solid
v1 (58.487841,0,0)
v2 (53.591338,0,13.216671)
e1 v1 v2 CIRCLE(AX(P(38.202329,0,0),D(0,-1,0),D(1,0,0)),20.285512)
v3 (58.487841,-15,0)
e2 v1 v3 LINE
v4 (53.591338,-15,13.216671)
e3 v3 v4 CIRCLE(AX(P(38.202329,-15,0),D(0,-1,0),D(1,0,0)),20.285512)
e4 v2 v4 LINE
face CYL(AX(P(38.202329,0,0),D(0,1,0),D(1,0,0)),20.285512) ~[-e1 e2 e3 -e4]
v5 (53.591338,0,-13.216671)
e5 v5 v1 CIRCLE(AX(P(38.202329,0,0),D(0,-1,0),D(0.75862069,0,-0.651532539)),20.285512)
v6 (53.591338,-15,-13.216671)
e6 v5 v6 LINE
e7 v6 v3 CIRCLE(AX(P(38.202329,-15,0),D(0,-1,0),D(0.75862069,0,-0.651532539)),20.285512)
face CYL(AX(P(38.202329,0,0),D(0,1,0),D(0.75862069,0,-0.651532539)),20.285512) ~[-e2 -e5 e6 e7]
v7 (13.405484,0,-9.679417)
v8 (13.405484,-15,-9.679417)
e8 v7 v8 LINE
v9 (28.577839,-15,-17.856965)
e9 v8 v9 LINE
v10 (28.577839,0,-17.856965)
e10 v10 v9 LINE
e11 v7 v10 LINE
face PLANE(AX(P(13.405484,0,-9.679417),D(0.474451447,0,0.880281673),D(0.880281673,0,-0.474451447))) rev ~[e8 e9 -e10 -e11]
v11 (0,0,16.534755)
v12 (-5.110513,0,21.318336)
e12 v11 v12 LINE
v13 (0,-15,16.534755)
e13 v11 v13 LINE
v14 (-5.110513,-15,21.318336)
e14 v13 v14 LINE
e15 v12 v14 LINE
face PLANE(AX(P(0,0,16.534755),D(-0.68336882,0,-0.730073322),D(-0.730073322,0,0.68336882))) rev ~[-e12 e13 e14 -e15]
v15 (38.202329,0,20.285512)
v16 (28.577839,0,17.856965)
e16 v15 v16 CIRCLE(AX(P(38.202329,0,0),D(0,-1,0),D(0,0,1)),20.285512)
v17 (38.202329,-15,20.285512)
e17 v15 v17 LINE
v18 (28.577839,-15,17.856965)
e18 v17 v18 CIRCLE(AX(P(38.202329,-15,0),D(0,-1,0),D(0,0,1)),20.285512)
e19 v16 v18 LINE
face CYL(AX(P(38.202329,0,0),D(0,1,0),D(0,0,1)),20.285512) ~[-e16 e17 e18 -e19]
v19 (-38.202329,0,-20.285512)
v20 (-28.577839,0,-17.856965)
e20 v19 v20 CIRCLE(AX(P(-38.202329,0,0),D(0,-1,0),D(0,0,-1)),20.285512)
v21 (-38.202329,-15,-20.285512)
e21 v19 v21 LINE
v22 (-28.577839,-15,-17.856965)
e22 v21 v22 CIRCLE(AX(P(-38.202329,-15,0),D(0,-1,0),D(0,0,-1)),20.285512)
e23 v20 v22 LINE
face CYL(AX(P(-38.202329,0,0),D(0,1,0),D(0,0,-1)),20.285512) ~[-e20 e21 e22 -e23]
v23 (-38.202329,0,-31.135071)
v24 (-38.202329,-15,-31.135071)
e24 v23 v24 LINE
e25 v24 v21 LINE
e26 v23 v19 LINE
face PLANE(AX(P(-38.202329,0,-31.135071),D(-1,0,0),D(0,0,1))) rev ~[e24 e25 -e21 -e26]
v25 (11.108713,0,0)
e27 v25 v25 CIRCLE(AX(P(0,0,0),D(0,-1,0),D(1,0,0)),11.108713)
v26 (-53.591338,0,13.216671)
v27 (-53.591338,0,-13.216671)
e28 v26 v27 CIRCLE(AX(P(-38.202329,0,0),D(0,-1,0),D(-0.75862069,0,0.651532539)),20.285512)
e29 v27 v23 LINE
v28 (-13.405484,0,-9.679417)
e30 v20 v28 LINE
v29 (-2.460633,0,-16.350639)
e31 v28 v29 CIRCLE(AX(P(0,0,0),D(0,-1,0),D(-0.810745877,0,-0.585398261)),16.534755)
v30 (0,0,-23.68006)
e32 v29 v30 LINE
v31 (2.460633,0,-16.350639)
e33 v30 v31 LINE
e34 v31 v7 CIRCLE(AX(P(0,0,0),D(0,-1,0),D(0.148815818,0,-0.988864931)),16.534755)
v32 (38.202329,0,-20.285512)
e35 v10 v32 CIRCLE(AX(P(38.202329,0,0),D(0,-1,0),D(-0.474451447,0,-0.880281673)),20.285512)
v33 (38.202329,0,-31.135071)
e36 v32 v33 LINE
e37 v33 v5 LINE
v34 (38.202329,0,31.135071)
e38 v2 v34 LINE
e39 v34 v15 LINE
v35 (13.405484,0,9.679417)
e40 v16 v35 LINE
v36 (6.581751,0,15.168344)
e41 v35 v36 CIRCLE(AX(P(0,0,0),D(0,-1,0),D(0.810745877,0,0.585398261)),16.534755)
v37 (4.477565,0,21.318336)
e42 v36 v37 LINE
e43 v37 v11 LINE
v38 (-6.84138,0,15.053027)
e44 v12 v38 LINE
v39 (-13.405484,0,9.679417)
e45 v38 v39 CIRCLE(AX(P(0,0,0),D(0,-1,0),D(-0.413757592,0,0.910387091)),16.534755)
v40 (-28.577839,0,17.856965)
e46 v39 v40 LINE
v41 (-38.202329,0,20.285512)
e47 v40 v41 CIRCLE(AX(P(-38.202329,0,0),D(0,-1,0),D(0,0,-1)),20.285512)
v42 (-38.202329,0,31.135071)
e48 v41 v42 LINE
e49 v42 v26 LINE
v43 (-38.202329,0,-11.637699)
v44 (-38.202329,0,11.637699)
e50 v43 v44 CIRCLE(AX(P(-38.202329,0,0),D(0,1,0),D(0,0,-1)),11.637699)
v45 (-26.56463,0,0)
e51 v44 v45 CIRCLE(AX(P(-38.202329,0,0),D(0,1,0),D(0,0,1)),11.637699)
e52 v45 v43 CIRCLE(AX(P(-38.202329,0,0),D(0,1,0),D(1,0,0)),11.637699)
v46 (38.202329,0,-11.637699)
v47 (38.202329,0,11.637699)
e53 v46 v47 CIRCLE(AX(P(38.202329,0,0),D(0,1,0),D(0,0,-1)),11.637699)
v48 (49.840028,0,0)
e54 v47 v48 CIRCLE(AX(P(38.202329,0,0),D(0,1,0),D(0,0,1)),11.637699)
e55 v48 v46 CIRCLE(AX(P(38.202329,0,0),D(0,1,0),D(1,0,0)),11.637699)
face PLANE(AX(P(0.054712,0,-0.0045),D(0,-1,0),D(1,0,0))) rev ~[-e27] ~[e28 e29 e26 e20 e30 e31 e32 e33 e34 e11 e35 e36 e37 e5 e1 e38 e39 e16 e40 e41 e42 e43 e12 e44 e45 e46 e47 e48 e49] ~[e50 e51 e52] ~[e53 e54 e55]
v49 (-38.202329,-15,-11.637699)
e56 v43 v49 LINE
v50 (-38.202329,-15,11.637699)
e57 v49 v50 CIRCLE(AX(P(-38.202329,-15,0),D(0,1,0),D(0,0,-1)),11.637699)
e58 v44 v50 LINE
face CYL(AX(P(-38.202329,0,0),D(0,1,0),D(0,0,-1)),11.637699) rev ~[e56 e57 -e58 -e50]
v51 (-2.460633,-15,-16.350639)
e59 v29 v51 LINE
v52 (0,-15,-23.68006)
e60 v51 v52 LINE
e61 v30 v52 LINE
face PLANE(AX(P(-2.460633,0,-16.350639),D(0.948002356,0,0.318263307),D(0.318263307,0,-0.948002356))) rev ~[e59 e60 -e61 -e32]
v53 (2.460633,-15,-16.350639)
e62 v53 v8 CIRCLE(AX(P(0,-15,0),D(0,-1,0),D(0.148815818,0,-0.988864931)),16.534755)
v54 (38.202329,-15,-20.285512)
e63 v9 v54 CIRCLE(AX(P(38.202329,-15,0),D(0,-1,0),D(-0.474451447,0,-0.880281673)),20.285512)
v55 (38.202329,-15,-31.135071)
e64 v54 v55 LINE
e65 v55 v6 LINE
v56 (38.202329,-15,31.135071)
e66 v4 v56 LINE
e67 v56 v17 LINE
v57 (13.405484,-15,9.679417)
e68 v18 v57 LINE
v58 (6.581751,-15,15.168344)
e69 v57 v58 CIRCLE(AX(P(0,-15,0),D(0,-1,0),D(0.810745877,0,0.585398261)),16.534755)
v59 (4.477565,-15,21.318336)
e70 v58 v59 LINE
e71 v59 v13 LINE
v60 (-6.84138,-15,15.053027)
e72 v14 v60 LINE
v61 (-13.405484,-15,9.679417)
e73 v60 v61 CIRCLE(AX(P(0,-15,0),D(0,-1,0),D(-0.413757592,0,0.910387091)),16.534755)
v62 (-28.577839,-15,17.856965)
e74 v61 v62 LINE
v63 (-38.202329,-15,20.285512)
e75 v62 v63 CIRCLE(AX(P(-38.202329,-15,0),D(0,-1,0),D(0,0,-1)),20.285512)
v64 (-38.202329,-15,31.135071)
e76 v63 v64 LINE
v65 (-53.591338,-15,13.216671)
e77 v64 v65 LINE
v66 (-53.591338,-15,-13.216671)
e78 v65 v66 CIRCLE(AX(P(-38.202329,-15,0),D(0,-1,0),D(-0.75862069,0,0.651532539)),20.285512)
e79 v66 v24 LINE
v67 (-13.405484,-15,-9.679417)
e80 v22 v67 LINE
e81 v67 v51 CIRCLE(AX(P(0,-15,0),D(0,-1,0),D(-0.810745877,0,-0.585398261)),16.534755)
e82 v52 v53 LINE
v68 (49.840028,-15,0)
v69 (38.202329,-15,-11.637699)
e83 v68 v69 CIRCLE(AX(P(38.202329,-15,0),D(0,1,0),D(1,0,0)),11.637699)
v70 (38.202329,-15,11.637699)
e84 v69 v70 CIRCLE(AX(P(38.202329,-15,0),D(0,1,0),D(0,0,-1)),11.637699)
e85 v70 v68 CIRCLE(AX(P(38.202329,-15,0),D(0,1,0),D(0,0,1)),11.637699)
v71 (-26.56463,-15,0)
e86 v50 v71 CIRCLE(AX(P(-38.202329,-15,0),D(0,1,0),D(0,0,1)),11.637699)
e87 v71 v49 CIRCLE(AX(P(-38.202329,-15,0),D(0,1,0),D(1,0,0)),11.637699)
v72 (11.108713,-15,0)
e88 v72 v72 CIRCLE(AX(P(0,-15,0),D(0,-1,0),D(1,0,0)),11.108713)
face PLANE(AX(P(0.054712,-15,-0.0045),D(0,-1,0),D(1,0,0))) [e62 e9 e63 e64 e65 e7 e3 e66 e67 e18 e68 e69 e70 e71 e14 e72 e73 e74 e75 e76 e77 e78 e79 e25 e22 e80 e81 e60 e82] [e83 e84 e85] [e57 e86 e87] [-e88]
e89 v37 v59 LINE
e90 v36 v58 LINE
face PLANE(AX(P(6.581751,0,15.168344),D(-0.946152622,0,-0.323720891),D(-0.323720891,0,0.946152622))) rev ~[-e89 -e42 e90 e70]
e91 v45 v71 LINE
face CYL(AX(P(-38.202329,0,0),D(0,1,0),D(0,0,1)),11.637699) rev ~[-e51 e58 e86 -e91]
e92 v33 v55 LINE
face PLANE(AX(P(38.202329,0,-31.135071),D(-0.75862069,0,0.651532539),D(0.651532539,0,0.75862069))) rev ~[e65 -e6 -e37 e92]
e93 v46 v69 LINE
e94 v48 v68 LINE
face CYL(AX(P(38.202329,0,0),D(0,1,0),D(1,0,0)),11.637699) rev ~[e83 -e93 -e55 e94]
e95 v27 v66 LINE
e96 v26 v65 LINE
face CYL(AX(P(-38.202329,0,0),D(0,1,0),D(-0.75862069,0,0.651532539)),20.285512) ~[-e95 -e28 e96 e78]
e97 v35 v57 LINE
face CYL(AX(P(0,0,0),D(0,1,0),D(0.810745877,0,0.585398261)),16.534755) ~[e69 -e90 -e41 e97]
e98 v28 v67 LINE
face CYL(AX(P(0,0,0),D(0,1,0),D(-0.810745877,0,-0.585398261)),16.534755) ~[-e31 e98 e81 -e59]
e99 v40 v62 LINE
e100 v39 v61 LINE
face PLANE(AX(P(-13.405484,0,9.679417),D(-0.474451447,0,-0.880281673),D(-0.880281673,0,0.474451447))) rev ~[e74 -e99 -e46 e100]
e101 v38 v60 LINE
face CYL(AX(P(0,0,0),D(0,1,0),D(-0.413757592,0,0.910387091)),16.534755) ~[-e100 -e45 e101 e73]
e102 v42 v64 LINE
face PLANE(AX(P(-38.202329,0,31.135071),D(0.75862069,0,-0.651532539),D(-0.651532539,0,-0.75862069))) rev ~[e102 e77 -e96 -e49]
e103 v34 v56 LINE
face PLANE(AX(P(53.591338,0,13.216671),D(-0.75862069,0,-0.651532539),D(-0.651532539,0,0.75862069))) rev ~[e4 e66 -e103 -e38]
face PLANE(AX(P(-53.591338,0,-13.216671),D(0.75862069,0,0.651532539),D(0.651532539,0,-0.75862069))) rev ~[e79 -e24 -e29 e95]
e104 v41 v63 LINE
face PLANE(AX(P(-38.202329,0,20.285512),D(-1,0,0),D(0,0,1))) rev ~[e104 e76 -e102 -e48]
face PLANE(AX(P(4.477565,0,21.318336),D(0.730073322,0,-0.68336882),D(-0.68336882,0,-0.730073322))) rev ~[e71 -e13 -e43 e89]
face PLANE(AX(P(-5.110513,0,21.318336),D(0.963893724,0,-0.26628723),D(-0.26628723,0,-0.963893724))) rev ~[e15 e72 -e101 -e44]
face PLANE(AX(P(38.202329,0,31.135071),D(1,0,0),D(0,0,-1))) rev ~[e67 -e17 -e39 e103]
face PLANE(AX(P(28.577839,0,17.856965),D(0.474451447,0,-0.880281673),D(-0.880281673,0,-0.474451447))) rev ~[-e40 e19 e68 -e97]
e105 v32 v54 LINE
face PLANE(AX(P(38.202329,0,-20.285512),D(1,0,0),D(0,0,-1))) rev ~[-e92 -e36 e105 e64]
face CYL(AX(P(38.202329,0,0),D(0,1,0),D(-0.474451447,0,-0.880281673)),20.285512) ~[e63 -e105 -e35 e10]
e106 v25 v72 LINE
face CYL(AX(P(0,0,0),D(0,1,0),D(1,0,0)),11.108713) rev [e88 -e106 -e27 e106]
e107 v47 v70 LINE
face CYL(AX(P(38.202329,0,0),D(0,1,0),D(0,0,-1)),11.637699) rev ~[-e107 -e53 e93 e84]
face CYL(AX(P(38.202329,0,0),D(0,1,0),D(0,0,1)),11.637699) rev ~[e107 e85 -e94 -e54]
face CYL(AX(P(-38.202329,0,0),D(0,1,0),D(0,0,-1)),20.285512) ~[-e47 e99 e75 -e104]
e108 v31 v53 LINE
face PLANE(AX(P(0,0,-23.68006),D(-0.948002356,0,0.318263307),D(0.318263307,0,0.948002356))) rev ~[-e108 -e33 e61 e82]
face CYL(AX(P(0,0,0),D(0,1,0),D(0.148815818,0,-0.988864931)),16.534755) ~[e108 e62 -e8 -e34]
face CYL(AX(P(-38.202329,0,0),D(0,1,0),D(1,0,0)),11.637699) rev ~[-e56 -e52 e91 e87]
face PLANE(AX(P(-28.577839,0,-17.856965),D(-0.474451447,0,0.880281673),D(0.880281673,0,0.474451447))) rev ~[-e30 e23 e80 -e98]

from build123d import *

# Parameters (mm, degrees)
F0_R     = 11.1087126895
F1_DEPTH = 15


with BuildPart() as f1:
    # F0 (on Front) → F1 (new body)
    with BuildSketch(Plane.XZ):
        with BuildLine():
            ThreePointArc((13.4054841173, -9.6794165893), (15.7329987638, -5.0863405143), (16.5347546074, 0))
            ThreePointArc((16.5347546074, 0), (15.7329987638, 5.0863405143), (13.4054841173, 9.6794165893))
            ThreePointArc((13.4054841173, 9.6794165893), (10.3636127764, 12.8838519143), (6.5817506, 15.1683443054))
            ThreePointArc((6.5817506, 15.1683443054), (3.3610458965, 16.1895484931), (0, 16.5347546074))
            Line((0, 16.5347546074), (-6.84138025, 15.0530271442))
            ThreePointArc((-6.84138025, 15.0530271442), (-10.4739105293, 12.7943467263), (-13.4054841173, 9.6794165893))
            ThreePointArc((-13.4054841173, 9.6794165893), (-16.5347546074, 0), (-13.4054841173, -9.6794165893))
            ThreePointArc((-13.4054841173, -9.6794165893), (-8.6057957477, -14.1187247823), (-2.46063304, -16.3506389774))
            ThreePointArc((-2.46063304, -16.3506389774), (-1.2337558027, -16.4886614541), (0, -16.5347546074))
            ThreePointArc((0, -16.5347546074), (1.2337558027, -16.4886614541), (2.46063304, -16.3506389774))
            ThreePointArc((2.46063304, -16.3506389774), (8.6057957477, -14.1187247823), (13.4054841173, -9.6794165893))
        make_face()
        Circle(F0_R, mode=Mode.SUBTRACT)
        with BuildLine():
            ThreePointArc((13.4054841173, 9.6794165893), (15.7329987638, 5.0863405143), (16.5347546074, 0))
            ThreePointArc((16.5347546074, 0), (15.7329987638, -5.0863405143), (13.4054841173, -9.6794165893))
            Line((13.4054841173, -9.6794165893), (28.5778386551, -17.8569645029))
            ThreePointArc((28.5778386551, -17.8569645029), (17.9168171415, 0), (28.5778386551, 17.8569645029))
            Line((28.5778386551, 17.8569645029), (13.4054841173, 9.6794165893))
        make_face()
        with BuildLine():
            ThreePointArc((0, 16.5347546074), (3.3610458965, 16.1895484931), (6.5817506, 15.1683443054))
            Line((6.5817506, 15.1683443054), (4.477564806, 21.3183363497))
            Line((4.477564806, 21.3183363497), (0, 16.5347546074))
        make_face()
        with BuildLine():
            ThreePointArc((38.2023292013, 20.2855120599), (33.2392489705, 19.6690069438), (28.5778386551, 17.8569645029))
            ThreePointArc((28.5778386551, 17.8569645029), (17.9168171415, 0), (28.5778386551, -17.8569645029))
            ThreePointArc((28.5778386551, -17.8569645029), (33.2392489705, -19.6690069438), (38.2023292013, -20.2855120599))
            Line((38.2023292013, -20.2855120599), (38.2023292013, -11.637699008))
            ThreePointArc((38.2023292013, -11.637699008), (26.5646301933, 0), (38.2023292013, 11.637699008))
            Line((38.2023292013, 11.637699008), (38.2023292013, 20.2855120599))
        make_face()
        with BuildLine():
            Line((0, -23.6800604716), (2.46063304, -16.3506389774))
            ThreePointArc((2.46063304, -16.3506389774), (1.2337558027, -16.4886614541), (0, -16.5347546074))
            Line((0, -16.5347546074), (0, -23.6800604716))
        make_face()
        with BuildLine():
            Line((-6.84138025, 15.0530271442), (0, 16.5347546074))
            ThreePointArc((0, 16.5347546074), (-3.5, 16.1600776585), (-6.84138025, 15.0530271442))
        make_face()
        with BuildLine():
            ThreePointArc((-6.84138025, 15.0530271442), (-3.5, 16.1600776585), (0, 16.5347546074))
            Line((0, 16.5347546074), (-5.1105132536, 21.3183363497))
            Line((-5.1105132536, 21.3183363497), (-6.84138025, 15.0530271442))
        make_face()
        with BuildLine():
            Line((38.2023292013, 31.1350713114), (38.2023292013, 20.2855120599))
            ThreePointArc((38.2023292013, 20.2855120599), (46.6697685138, 18.4337861282), (53.5913383502, 13.216671175))
            Line((53.5913383502, 13.216671175), (38.2023292013, 31.1350713114))
        make_face()
        with BuildLine():
            ThreePointArc((53.5913383502, 13.216671175), (46.6697685138, 18.4337861282), (38.2023292013, 20.2855120599))
            Line((38.2023292013, 20.2855120599), (38.2023292013, 11.637699008))
            ThreePointArc((38.2023292013, 11.637699008), (46.4314250873, 8.229095886), (49.8400282094, 0))
            ThreePointArc((49.8400282094, 0), (46.4314250873, -8.229095886), (38.2023292013, -11.637699008))
            Line((38.2023292013, -11.637699008), (38.2023292013, -20.2855120599))
            ThreePointArc((38.2023292013, -20.2855120599), (46.6697685138, -18.4337861282), (53.5913383502, -13.216671175))
            ThreePointArc((53.5913383502, -13.216671175), (57.2243681327, -7.0472714171), (58.4878412612, 0))
            ThreePointArc((58.4878412612, 0), (57.2243681327, 7.0472714171), (53.5913383502, 13.216671175))
        make_face()
        with BuildLine():
            Line((0, -23.6800604716), (0, -16.5347546074))
            ThreePointArc((0, -16.5347546074), (-1.2337558027, -16.4886614541), (-2.46063304, -16.3506389774))
            Line((-2.46063304, -16.3506389774), (0, -23.6800604716))
        make_face()
        with BuildLine():
            ThreePointArc((53.5913383502, -13.216671175), (46.6697685138, -18.4337861282), (38.2023292013, -20.2855120599))
            Line((38.2023292013, -20.2855120599), (38.2023292013, -31.1350713114))
            Line((38.2023292013, -31.1350713114), (53.5913383502, -13.216671175))
        make_face()
        with BuildLine():
            ThreePointArc((-13.4054841173, -9.6794165893), (-16.5347546074, 0), (-13.4054841173, 9.6794165893))
            Line((-13.4054841173, 9.6794165893), (-28.5778386551, 17.8569645029))
            ThreePointArc((-28.5778386551, 17.8569645029), (-20.7848133254, 10.3986605023), (-17.9168171415, 0))
            ThreePointArc((-17.9168171415, 0), (-20.7848133254, -10.3986605023), (-28.5778386551, -17.8569645029))
            Line((-28.5778386551, -17.8569645029), (-13.4054841173, -9.6794165893))
        make_face()
        with BuildLine():
            ThreePointArc((-17.9168171415, 0), (-20.7848133254, 10.3986605023), (-28.5778386551, 17.8569645029))
            ThreePointArc((-28.5778386551, 17.8569645029), (-33.2392489705, 19.6690069438), (-38.2023292013, 20.2855120599))
            Line((-38.2023292013, 20.2855120599), (-38.2023292013, 11.637699008))
            ThreePointArc((-38.2023292013, 11.637699008), (-29.9732333154, 8.229095886), (-26.5646301933, 0))
            ThreePointArc((-26.5646301933, 0), (-29.9732333154, -8.229095886), (-38.2023292013, -11.637699008))
            Line((-38.2023292013, -11.637699008), (-38.2023292013, -20.2855120599))
            ThreePointArc((-38.2023292013, -20.2855120599), (-33.2392489705, -19.6690069438), (-28.5778386551, -17.8569645029))
            ThreePointArc((-28.5778386551, -17.8569645029), (-20.7848133254, -10.3986605023), (-17.9168171415, 0))
        make_face()
        with BuildLine():
            Line((-38.2023292013, 11.637699008), (-38.2023292013, 20.2855120599))
            ThreePointArc((-38.2023292013, 20.2855120599), (-46.6697685138, 18.4337861282), (-53.5913383502, 13.216671175))
            ThreePointArc((-53.5913383502, 13.216671175), (-58.4878412612, 0), (-53.5913383502, -13.216671175))
            ThreePointArc((-53.5913383502, -13.216671175), (-46.6697685138, -18.4337861282), (-38.2023292013, -20.2855120599))
            Line((-38.2023292013, -20.2855120599), (-38.2023292013, -11.637699008))
            ThreePointArc((-38.2023292013, -11.637699008), (-49.8400282094, 0), (-38.2023292013, 11.637699008))
        make_face()
        with BuildLine():
            ThreePointArc((-53.5913383502, 13.216671175), (-46.6697685138, 18.4337861282), (-38.2023292013, 20.2855120599))
            Line((-38.2023292013, 20.2855120599), (-38.2023292013, 31.1350713114))
            Line((-38.2023292013, 31.1350713114), (-53.5913383502, 13.216671175))
        make_face()
        with BuildLine():
            Line((-38.2023292013, -31.1350713114), (-38.2023292013, -20.2855120599))
            ThreePointArc((-38.2023292013, -20.2855120599), (-46.6697685138, -18.4337861282), (-53.5913383502, -13.216671175))
            Line((-53.5913383502, -13.216671175), (-38.2023292013, -31.1350713114))
        make_face()
    extrude(amount=F1_DEPTH)


solid = f1.part
